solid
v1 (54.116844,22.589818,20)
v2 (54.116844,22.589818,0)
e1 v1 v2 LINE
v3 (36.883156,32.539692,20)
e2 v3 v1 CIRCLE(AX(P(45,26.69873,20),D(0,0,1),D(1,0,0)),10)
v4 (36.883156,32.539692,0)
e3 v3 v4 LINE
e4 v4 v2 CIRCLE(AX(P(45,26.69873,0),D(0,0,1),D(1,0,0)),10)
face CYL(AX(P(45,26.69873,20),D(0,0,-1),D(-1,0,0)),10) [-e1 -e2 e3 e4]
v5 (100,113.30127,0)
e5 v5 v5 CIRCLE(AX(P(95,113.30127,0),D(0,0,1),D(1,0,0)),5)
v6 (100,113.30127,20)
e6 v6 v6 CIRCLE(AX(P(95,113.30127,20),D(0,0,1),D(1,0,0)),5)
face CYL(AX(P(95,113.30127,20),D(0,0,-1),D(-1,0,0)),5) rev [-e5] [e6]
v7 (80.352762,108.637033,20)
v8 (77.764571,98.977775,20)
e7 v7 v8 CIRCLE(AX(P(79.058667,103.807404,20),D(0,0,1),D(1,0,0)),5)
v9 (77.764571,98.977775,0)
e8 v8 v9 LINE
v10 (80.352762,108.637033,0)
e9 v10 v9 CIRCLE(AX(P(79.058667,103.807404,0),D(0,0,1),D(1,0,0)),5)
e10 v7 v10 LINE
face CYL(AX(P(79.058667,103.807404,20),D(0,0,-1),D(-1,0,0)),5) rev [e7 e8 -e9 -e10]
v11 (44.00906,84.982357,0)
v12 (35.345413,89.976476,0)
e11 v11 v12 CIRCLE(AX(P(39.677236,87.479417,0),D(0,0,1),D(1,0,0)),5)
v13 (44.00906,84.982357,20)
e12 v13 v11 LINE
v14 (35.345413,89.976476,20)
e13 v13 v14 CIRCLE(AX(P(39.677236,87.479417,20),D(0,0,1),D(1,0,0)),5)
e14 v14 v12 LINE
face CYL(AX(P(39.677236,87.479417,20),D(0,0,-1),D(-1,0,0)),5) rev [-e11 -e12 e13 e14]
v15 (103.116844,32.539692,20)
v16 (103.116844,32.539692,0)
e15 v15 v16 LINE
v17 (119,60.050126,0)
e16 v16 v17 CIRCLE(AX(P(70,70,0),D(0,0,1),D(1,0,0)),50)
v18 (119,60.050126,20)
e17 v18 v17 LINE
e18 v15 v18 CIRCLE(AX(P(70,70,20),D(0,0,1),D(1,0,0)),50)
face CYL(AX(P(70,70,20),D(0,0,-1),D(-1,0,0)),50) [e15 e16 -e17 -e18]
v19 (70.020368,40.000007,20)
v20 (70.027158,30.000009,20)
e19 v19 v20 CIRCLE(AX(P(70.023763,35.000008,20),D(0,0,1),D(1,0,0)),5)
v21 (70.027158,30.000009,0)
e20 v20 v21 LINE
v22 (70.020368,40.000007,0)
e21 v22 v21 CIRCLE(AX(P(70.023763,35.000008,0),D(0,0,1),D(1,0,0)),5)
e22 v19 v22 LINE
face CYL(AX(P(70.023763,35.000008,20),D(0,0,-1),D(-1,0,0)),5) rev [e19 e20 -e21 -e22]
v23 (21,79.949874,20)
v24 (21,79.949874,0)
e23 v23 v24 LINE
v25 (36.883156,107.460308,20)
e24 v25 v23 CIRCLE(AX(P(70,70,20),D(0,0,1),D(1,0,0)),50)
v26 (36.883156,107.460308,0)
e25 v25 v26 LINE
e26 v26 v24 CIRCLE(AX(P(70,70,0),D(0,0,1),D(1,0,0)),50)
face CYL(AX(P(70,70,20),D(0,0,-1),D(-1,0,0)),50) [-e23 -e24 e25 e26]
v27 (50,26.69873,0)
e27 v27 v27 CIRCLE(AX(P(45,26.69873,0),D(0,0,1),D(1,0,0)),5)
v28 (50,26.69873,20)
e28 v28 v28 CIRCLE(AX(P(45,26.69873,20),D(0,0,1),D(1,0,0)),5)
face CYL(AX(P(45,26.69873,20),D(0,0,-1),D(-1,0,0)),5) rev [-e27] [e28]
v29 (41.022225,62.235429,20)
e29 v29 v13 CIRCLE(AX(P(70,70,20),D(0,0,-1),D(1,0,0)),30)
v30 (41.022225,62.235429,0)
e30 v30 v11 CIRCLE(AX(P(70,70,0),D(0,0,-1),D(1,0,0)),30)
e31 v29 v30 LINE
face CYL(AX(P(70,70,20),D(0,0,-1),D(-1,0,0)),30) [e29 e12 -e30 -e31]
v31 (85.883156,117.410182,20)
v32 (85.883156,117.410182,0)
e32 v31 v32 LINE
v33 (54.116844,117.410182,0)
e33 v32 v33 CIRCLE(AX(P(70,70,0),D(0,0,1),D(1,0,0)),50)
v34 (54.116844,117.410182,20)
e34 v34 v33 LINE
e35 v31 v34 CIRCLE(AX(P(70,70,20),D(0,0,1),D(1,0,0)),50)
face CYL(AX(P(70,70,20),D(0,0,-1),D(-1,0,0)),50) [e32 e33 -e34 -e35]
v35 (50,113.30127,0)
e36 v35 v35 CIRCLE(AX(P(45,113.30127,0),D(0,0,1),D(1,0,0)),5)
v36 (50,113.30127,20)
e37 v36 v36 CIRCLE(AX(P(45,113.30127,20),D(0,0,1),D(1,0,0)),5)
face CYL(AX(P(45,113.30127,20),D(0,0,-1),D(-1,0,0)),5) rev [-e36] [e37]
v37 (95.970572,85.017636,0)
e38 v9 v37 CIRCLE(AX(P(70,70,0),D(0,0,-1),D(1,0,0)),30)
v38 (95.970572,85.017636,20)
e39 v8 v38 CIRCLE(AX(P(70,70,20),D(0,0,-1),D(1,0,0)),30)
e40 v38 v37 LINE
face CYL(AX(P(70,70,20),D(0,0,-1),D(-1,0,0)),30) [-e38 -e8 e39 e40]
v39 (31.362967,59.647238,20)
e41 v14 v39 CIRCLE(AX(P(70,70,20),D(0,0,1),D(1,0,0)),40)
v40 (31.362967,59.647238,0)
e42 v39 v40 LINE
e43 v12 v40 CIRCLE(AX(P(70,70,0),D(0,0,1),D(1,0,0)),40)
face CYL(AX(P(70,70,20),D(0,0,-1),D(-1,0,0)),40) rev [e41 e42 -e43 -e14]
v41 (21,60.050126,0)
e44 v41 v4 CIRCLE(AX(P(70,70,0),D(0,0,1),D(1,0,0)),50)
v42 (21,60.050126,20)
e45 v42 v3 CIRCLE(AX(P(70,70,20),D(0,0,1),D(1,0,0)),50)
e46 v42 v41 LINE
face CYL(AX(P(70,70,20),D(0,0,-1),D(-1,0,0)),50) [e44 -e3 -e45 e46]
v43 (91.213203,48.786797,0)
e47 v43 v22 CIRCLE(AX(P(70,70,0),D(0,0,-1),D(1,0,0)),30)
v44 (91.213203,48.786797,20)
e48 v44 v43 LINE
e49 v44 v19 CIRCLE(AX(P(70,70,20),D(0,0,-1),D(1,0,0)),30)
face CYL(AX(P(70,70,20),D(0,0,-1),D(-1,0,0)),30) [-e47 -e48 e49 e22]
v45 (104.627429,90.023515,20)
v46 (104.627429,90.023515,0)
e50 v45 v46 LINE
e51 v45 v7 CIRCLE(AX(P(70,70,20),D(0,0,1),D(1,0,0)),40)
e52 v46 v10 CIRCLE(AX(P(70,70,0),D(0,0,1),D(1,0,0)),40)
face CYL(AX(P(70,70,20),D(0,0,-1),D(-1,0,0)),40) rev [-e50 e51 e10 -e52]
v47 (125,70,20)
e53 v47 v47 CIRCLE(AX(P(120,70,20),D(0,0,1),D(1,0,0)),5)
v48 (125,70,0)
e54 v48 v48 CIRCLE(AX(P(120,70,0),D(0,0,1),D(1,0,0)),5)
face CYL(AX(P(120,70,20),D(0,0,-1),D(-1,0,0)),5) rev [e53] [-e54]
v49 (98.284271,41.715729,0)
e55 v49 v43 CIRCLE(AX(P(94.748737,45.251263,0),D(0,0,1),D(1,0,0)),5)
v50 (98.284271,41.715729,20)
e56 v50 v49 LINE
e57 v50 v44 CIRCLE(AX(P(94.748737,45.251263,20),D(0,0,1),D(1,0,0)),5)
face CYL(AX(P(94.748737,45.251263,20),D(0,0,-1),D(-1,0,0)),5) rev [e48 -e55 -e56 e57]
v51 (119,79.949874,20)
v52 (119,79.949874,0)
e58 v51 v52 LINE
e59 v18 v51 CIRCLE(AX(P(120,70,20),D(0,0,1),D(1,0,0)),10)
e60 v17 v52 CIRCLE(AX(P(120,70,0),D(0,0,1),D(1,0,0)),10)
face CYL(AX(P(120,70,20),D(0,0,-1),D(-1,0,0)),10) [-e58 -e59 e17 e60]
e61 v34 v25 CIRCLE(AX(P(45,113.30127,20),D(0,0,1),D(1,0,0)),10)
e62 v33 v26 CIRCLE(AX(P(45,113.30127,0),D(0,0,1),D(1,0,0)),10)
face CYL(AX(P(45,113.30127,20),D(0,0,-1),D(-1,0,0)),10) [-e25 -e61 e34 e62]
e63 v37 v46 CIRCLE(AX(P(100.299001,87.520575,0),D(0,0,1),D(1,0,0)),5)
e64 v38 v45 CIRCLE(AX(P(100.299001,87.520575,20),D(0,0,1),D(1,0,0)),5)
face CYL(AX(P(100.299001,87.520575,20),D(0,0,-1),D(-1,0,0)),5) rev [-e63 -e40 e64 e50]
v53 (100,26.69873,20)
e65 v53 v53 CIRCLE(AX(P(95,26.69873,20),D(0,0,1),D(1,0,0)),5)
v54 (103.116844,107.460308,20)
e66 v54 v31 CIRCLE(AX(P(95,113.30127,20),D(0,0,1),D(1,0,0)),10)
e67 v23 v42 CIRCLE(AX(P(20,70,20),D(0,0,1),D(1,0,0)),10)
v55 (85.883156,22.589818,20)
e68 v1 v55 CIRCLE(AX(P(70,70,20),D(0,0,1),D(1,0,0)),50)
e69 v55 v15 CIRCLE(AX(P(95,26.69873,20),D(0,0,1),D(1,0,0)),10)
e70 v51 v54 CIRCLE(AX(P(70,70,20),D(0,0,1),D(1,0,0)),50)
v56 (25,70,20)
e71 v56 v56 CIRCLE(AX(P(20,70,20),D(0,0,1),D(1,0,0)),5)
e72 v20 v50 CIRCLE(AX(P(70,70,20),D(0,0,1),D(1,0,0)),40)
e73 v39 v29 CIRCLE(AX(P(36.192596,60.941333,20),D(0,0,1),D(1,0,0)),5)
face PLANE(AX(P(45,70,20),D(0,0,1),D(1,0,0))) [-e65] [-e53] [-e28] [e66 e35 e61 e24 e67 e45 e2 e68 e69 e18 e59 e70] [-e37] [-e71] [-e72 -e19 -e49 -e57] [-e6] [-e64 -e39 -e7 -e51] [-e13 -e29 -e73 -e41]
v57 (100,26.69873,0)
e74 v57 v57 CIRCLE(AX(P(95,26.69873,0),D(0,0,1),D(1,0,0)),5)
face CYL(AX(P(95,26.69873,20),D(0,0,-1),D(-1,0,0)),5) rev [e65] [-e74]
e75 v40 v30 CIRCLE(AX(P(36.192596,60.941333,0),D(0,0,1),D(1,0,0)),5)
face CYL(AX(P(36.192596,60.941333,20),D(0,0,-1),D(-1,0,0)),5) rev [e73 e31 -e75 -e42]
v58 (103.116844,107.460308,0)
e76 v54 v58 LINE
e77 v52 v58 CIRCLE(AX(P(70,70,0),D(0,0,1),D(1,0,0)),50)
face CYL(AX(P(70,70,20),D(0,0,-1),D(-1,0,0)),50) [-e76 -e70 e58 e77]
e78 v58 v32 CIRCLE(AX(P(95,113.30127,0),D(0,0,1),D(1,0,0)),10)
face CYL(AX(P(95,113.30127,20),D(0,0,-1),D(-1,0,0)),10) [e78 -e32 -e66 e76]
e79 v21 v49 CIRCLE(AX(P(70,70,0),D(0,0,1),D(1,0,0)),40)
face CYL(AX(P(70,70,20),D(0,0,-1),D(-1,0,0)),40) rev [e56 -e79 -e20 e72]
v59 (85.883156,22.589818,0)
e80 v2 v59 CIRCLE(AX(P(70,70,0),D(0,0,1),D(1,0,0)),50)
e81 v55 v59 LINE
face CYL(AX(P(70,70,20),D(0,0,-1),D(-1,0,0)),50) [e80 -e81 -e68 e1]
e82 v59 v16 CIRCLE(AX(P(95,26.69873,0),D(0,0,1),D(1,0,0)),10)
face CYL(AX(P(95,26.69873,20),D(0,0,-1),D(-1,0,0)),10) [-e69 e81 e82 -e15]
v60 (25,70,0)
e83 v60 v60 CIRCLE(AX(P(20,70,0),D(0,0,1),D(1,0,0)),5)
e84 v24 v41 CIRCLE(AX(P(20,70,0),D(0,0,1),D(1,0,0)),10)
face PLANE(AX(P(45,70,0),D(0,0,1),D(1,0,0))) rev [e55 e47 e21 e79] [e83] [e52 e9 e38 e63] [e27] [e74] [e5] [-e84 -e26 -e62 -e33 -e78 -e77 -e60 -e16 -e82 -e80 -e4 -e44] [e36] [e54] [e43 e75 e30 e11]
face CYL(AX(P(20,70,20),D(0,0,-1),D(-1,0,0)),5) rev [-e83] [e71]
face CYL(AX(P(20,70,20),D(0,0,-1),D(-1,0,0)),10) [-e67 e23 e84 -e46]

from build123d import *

# Parameters (mm, degrees)
SKETCH1_R           = 5
BOSS_EXTRUDE1_DEPTH = 20


with BuildPart() as part:
    # Sketch1 → Boss-Extrude1 (new body)
    with BuildSketch(Plane.XY):
        with BuildLine():
            ThreePointArc((119, 60.050125629), (130, 70), (119, 79.949874371))
            ThreePointArc((119, 79.949874371), (113.301270189, 95), (103.11684397, 107.4603076))
            ThreePointArc((103.11684397, 107.4603076), (100, 121.961524227), (85.88315603, 117.410181971))
            ThreePointArc((85.88315603, 117.410181971), (70, 120), (54.11684397, 117.410181971))
            ThreePointArc((54.11684397, 117.410181971), (40, 121.961524227), (36.88315603, 107.4603076))
            ThreePointArc((36.88315603, 107.4603076), (26.698729811, 95), (21, 79.949874371))
            ThreePointArc((21, 79.949874371), (10, 70), (21, 60.050125629))
            ThreePointArc((21, 60.050125629), (26.698729811, 45), (36.88315603, 32.5396924))
            ThreePointArc((36.88315603, 32.5396924), (40, 18.038475773), (54.11684397, 22.589818029))
            ThreePointArc((54.11684397, 22.589818029), (70, 20), (85.88315603, 22.589818029))
            ThreePointArc((85.88315603, 22.589818029), (100, 18.038475773), (103.11684397, 32.5396924))
            ThreePointArc((103.11684397, 32.5396924), (113.301270189, 45), (119, 60.050125629))
        make_face()
        with Locations((120, 70)):
            Circle(SKETCH1_R, mode=Mode.SUBTRACT)
        with Locations((95, 26.698729811)):
            Circle(SKETCH1_R, mode=Mode.SUBTRACT)
        with Locations((45, 26.698729811)):
            Circle(SKETCH1_R, mode=Mode.SUBTRACT)
        with Locations((20, 70)):
            Circle(SKETCH1_R, mode=Mode.SUBTRACT)
        with Locations((45, 113.301270189)):
            Circle(SKETCH1_R, mode=Mode.SUBTRACT)
        with Locations((95, 113.301270189)):
            Circle(SKETCH1_R, mode=Mode.SUBTRACT)
        with BuildLine():
            ThreePointArc((104.627429298, 90.023514682), (94.339682915, 101.742398075), (80.352761804, 108.637033052))
            ThreePointArc((80.352761804, 108.637033052), (74.229037447, 105.101499146), (77.764571353, 98.977774789))
            ThreePointArc((77.764571353, 98.977774789), (88.254762186, 93.806798557), (95.970571973, 85.017636011))
            ThreePointArc((95.970571973, 85.017636011), (102.801939971, 83.192146685), (104.627429298, 90.023514682))
        make_face(mode=Mode.SUBTRACT)
        with BuildLine():
            ThreePointArc((70.020368304, 40.000006914), (81.48991124, 42.287512928), (91.213203436, 48.786796564))
            ThreePointArc((91.213203436, 48.786796564), (98.284271247, 48.786796564), (98.284271247, 41.715728753))
            ThreePointArc((98.284271247, 41.715728753), (85.319881653, 33.050017238), (70.027157739, 30.000009219))
            ThreePointArc((70.027157739, 30.000009219), (65.023764174, 34.99661335), (70.020368304, 40.000006914))
        make_face(mode=Mode.SUBTRACT)
        with BuildLine():
            ThreePointArc((44.009059723, 84.982357074), (40.255326574, 73.905688515), (41.022225211, 62.235428647))
            ThreePointArc((41.022225211, 62.235428647), (37.486691305, 56.11170429), (31.362966948, 59.647238196))
            ThreePointArc((31.362966948, 59.647238196), (30.340435432, 75.207584687), (35.345412963, 89.976476099))
            ThreePointArc((35.345412963, 89.976476099), (42.174295855, 91.811239966), (44.009059723, 84.982357074))
        make_face(mode=Mode.SUBTRACT)
    extrude(amount=BOSS_EXTRUDE1_DEPTH)


solid = part.part
